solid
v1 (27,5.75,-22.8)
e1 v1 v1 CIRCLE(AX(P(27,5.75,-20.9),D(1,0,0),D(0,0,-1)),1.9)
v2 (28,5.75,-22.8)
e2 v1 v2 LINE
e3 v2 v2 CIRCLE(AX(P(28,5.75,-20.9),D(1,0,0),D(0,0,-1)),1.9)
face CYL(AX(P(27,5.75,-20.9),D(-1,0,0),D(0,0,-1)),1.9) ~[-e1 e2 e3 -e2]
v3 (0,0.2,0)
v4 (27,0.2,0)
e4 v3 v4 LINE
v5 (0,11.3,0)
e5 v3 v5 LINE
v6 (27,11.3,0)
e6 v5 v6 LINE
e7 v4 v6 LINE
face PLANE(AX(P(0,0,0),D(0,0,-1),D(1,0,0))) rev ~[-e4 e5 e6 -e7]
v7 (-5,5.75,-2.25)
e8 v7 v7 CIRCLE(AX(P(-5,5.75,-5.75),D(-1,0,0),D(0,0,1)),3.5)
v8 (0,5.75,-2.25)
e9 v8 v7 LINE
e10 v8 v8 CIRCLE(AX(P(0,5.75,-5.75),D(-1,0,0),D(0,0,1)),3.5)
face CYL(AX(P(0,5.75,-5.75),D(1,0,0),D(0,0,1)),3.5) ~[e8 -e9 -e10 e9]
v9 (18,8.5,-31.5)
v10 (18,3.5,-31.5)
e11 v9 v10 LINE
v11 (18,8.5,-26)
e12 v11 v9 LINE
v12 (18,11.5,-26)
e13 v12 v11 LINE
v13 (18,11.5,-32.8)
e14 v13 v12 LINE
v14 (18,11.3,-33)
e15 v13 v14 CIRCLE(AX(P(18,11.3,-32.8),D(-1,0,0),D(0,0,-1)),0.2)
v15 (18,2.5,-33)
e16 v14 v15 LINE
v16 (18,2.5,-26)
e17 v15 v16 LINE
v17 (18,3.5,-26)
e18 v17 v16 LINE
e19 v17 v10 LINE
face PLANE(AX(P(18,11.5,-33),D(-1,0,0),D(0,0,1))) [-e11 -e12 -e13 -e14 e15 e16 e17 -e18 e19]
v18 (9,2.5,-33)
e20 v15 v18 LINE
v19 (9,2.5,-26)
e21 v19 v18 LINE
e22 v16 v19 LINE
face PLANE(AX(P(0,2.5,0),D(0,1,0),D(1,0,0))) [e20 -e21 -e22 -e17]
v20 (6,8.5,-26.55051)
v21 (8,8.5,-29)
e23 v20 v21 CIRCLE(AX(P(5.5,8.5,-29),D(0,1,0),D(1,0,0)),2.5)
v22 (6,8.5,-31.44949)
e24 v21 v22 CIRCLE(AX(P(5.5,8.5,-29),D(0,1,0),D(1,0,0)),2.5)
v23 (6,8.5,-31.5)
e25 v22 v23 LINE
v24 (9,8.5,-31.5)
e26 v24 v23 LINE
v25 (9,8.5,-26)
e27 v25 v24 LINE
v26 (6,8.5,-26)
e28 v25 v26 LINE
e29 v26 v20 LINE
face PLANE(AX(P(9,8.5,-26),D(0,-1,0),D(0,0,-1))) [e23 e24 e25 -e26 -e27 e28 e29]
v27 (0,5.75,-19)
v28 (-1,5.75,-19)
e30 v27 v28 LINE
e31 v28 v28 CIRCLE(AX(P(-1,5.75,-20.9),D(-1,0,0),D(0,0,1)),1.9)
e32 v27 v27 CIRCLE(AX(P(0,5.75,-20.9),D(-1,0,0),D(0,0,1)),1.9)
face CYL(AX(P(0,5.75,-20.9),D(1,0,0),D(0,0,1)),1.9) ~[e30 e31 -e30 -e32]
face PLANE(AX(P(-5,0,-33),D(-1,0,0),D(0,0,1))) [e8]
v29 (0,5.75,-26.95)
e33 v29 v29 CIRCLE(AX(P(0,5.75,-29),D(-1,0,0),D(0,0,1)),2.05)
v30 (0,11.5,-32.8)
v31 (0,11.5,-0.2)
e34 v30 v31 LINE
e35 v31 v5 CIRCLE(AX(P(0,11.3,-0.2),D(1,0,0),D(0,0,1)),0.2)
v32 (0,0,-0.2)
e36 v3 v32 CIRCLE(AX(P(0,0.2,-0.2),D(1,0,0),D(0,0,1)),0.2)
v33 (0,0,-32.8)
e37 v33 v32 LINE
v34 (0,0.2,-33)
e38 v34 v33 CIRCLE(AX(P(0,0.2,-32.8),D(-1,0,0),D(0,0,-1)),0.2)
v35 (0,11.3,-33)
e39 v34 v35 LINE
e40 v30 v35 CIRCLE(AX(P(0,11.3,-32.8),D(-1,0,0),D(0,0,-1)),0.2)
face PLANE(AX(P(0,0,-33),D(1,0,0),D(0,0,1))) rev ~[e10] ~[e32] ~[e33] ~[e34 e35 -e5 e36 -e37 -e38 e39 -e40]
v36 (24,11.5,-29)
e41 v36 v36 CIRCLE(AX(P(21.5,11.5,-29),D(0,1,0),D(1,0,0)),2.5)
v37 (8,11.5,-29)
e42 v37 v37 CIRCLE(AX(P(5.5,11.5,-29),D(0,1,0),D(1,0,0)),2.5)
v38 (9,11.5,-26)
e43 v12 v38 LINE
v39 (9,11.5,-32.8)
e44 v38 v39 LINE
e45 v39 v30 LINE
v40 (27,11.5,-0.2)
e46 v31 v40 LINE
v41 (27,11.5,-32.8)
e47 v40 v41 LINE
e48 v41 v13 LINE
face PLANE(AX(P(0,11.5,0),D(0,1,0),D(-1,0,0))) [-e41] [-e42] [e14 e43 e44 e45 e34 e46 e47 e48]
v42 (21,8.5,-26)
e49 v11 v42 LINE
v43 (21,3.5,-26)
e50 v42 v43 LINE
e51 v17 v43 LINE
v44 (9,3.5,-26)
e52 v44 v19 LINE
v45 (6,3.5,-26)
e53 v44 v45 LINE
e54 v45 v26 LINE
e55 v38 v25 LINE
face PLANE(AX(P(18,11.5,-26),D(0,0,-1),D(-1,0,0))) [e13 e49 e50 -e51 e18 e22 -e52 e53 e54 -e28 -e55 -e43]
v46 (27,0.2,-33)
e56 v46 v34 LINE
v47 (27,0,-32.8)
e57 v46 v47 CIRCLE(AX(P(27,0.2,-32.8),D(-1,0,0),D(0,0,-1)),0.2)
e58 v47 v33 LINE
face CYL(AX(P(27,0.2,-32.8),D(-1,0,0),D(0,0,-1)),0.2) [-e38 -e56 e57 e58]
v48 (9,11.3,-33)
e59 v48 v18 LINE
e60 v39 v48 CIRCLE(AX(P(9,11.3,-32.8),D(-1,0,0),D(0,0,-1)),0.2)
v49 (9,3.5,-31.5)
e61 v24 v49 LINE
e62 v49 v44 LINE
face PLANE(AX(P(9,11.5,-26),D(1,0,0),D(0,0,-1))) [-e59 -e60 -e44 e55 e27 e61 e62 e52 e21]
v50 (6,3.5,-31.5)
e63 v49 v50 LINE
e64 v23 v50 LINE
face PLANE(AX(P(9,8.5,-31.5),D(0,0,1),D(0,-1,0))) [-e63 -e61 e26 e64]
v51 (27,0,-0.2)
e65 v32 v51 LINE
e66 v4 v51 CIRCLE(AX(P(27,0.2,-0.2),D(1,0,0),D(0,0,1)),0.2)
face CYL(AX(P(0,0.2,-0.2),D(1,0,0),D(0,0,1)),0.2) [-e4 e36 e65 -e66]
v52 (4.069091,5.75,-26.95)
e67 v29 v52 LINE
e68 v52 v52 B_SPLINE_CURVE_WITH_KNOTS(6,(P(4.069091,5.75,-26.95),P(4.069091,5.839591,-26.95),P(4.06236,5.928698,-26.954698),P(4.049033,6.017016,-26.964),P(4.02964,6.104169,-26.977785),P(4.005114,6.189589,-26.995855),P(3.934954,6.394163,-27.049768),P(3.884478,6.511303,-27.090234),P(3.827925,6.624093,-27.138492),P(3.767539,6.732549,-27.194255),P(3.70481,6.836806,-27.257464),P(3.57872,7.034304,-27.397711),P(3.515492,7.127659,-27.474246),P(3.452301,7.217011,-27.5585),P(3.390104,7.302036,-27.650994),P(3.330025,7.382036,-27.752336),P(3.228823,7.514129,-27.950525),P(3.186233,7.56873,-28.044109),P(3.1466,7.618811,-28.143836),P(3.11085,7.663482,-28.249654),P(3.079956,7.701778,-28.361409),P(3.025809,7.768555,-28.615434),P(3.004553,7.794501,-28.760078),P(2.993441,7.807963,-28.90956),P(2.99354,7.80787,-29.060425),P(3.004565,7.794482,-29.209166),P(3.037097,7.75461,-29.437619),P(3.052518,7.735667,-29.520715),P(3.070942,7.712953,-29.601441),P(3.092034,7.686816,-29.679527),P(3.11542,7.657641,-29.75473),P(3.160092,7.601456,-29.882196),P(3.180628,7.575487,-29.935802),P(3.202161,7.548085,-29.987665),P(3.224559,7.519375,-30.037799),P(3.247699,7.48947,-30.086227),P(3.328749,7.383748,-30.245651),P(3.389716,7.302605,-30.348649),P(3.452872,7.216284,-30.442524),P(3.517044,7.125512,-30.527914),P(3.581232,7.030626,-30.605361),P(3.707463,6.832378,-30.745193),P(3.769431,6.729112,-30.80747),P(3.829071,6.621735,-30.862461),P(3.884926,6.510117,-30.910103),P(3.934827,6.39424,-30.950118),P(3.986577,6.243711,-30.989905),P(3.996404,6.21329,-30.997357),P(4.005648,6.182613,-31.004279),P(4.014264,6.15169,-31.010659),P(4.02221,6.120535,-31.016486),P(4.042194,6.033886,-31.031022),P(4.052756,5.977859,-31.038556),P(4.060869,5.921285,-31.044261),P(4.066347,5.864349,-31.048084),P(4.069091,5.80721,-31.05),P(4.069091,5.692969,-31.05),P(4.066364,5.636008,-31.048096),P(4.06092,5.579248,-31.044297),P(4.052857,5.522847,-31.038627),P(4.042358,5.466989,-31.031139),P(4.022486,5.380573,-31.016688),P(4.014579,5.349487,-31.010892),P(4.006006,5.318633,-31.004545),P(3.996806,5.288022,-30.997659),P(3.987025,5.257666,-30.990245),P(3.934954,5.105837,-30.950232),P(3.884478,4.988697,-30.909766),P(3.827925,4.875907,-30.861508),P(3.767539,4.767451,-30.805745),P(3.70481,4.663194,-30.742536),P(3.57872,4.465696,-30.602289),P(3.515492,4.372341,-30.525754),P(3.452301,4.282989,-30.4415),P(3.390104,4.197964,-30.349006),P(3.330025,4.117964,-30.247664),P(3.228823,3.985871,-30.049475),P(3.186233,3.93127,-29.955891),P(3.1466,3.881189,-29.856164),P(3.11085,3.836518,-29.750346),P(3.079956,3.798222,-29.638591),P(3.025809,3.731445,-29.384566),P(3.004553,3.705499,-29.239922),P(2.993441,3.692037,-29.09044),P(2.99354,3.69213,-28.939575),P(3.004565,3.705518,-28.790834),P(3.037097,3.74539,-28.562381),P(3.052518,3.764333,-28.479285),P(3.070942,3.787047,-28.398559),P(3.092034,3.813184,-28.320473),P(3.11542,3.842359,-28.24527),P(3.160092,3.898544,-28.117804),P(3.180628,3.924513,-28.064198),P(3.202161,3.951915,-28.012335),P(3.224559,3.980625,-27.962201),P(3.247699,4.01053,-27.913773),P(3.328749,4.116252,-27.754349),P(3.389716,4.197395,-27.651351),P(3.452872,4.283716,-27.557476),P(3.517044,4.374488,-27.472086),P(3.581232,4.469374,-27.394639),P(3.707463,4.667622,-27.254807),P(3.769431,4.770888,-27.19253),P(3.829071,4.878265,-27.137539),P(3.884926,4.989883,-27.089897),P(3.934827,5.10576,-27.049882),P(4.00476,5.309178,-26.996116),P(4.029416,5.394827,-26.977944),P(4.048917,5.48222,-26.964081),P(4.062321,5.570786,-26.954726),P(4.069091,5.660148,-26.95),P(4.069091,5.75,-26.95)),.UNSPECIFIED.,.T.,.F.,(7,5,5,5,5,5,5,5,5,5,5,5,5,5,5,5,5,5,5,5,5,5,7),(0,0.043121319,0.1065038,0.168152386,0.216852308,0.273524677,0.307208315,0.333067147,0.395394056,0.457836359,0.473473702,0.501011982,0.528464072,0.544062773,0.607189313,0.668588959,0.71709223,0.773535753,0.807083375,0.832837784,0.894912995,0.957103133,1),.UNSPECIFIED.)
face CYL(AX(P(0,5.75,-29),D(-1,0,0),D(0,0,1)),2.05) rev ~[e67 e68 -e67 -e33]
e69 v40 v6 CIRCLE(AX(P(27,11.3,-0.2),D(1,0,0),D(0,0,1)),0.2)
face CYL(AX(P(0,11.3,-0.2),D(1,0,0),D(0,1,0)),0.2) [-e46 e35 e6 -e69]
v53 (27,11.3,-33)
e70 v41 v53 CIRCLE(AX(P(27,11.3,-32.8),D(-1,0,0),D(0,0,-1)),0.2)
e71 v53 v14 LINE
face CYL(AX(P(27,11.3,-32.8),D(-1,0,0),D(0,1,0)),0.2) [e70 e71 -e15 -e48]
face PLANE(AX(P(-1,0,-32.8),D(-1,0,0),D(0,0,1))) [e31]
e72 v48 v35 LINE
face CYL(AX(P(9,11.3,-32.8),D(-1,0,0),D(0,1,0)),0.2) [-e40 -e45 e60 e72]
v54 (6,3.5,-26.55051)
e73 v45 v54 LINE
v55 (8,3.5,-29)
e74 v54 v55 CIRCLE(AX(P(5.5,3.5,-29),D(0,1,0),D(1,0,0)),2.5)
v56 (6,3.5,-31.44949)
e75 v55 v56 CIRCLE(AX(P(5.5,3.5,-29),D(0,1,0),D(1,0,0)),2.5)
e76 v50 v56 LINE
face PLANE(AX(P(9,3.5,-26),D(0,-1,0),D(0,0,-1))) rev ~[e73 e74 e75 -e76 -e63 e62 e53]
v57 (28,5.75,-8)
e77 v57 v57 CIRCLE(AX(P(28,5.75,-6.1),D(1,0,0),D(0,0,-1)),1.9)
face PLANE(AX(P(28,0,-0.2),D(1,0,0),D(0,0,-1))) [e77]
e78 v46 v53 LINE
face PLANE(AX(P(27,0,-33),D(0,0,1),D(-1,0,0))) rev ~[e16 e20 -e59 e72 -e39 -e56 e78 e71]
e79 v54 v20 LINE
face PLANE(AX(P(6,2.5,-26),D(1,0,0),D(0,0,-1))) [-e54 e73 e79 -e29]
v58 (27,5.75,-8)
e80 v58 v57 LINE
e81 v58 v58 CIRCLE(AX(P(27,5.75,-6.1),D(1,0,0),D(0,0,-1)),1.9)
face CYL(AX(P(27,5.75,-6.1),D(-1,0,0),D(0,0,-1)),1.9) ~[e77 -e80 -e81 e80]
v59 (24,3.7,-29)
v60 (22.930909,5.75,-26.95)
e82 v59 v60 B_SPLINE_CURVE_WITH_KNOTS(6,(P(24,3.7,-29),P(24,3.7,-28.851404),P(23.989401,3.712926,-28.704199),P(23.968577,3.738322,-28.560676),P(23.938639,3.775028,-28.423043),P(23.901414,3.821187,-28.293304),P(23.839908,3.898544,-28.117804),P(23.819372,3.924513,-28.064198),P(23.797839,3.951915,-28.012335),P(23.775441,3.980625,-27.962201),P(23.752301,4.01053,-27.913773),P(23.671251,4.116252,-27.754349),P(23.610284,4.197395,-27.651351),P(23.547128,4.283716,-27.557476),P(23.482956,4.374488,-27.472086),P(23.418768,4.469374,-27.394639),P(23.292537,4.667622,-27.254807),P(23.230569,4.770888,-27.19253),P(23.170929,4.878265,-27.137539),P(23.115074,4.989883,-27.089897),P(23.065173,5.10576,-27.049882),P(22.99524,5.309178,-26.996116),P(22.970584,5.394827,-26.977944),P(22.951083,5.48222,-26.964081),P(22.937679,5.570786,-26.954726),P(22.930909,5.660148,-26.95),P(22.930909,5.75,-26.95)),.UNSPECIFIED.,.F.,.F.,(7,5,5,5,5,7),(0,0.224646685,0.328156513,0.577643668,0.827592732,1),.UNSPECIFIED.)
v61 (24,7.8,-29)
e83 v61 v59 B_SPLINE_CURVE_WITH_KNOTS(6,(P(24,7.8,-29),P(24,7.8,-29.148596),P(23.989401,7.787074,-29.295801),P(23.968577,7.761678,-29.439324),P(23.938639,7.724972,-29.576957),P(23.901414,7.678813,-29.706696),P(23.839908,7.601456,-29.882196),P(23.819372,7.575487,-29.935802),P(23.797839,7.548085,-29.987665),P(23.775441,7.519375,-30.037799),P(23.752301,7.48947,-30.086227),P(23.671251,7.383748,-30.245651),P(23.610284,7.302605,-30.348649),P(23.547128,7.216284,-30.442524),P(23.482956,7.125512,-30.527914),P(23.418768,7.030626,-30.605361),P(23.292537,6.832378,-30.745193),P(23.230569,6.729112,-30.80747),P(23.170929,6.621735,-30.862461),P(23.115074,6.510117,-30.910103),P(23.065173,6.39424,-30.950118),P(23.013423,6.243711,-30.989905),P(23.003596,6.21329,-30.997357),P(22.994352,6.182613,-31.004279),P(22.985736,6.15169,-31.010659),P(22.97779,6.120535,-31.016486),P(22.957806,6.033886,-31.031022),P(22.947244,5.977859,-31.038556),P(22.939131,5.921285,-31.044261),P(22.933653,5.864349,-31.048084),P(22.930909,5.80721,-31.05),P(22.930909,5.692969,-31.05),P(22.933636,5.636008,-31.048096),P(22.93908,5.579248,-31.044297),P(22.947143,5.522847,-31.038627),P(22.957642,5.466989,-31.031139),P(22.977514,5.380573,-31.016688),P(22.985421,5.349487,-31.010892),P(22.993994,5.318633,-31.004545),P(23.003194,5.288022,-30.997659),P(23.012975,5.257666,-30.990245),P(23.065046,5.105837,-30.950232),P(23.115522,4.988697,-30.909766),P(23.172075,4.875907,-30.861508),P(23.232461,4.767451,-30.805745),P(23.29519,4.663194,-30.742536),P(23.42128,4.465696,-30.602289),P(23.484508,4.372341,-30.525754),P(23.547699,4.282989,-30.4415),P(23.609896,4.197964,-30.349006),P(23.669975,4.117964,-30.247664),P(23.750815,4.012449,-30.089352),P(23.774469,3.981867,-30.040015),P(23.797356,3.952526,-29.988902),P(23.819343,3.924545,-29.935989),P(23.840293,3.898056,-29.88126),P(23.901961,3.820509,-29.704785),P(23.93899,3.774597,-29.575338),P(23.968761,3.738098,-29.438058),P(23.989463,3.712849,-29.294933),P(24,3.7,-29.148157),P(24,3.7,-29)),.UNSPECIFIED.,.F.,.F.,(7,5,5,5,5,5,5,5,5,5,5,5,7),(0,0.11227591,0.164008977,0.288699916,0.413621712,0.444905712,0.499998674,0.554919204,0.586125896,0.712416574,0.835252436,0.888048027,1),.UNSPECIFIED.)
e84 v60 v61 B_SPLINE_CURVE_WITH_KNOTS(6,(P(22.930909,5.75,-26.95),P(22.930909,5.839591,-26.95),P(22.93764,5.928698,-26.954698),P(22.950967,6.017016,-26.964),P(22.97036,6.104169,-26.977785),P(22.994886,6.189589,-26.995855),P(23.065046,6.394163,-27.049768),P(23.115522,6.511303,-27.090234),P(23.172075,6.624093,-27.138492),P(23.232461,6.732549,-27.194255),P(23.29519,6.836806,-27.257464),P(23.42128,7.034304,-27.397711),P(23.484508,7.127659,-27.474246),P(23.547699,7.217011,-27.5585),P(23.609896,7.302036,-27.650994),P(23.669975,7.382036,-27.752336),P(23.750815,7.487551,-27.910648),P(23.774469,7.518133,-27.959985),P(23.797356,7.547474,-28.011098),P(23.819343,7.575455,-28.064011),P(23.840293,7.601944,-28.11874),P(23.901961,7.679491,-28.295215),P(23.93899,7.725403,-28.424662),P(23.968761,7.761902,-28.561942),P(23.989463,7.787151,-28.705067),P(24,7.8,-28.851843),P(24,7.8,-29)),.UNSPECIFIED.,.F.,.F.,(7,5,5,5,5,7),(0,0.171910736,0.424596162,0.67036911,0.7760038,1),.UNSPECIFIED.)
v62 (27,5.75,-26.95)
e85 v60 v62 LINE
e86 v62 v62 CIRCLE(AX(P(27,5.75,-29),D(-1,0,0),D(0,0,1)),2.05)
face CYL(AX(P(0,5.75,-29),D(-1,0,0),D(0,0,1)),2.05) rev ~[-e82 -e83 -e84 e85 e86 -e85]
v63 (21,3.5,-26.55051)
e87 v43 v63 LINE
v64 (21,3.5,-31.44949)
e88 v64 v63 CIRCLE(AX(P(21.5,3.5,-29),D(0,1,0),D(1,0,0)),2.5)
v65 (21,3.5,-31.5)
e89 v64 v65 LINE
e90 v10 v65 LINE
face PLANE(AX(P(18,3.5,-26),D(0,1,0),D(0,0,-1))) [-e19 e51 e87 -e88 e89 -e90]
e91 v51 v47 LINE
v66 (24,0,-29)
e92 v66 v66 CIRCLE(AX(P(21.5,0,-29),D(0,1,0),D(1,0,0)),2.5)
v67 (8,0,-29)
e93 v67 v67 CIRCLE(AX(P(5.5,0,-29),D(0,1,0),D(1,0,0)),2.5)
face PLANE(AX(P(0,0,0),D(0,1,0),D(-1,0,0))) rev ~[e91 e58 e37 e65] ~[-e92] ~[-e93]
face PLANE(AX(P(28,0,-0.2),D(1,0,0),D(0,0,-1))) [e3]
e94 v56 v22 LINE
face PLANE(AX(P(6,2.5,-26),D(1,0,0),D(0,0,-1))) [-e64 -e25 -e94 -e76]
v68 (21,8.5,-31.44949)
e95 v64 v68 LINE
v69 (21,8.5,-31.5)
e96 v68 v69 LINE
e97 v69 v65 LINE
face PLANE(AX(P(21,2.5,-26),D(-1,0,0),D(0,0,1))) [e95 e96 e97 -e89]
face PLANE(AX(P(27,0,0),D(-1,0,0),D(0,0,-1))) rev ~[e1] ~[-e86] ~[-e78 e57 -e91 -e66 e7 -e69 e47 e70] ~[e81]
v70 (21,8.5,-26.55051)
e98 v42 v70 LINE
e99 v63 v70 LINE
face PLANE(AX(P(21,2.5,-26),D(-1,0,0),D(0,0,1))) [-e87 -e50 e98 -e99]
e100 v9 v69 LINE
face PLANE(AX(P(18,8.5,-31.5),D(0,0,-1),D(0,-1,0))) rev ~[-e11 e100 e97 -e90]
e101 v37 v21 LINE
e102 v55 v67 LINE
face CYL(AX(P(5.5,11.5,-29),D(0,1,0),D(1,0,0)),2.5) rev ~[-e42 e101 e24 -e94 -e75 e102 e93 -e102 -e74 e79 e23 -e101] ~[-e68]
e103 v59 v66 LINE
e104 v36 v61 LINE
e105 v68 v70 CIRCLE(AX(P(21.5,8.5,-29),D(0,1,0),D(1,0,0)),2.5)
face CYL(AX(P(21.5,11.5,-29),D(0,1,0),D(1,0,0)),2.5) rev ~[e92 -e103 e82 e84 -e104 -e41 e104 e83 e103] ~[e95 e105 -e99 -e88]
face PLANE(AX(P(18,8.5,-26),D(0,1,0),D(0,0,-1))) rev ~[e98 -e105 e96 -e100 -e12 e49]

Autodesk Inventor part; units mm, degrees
ref_plane "YZ Plane" through (0, 0, 0) normal (1, 0, 0) x (0, 1, 0)
ref_plane "XZ Plane" through (0, 0, 0) normal (0, 1, 0) x (-1, 0, 0)
ref_plane "XY Plane" through (0, 0, 0) normal (0, 0, 1) x (1, 0, 0)
sketch "Sketch1" plane through (0, 0, 0) normal (0, 1, 0) x (-1, 0, 0)
  line L0 (0, 0) -> (-27, 0)
  line L1 (-27, 0) -> (-27, -33)
  line L2 (-27, -33) -> (0, -33)
  line L3 (0, -33) -> (0, 0)
  dimension "d0" = 33
  dimension "d1" = 27
extrude "Extrusion1" add sketch "Sketch1" along normal blind 11.5
sketch "Sketch2" plane through (0, 0, -33) normal (-1, 0, 0) x (0, 0, 1)
  circle A0 centre (27.25, 5.75) radius 3.5
  line L0 (0, 11.5) -> (33, 11.5) projected
  line L1 (33, 0) -> (33, 11.5) projected
  dimension "d4" = 7
  dimension "d5" = 5.75
  dimension "d6" = 5.75
extrude "Extrusion2" add sketch "Sketch2" along normal blind 5
sketch "Sketch3" plane through (0, 11.5, 0) normal (0, 1, 0) x (1, 0, 0)
  line L0 (27, 33) -> (0, 33) projected
  line L1 (9, 33) -> (18, 33)
  line L2 (18, 33) -> (18, 26)
  line L3 (18, 26) -> (9, 26)
  line L4 (9, 26) -> (9, 33)
  line L5 (27, 0) -> (27, 33) projected
  point P0 (0, 0)
  dimension "d9" = 9
  dimension "d10" = 9
  dimension "d11" = 7
extrude "Extrusion3" cut sketch "Sketch3" against normal blind 9
sketch "Sketch4" plane through (0, 11.5, 0) normal (0, 1, 0) x (1, 0, 0)
  circle A0 centre (5.5, 29) radius 2.5
  circle A1 centre (21.5, 29) radius 2.5
  line L0 (9, 33) -> (18, 33) construction
  line L1 (13.5, 33) -> (13.5, 0) construction
  line L2 (0, 0) -> (27, 0) construction
  line L3 (9, 33) -> (0, 33) construction
  dimension "d14" = 5
  dimension "d15" = 5
  dimension "d16" = 16
  dimension "d17" = 8
  dimension "d18" = 4
  dimension "d19" = 8
extrude "Extrusion4" cut sketch "Sketch4" against normal blind 15
sketch "Sketch5" plane through (0, 0, -33) normal (-1, 0, 0) x (0, 0, 1)
  circle A0 centre (4, 5.75) radius 2.05
  line L0 (0, 0) -> (0, 11.5) projected
  line L1 (33, 0) -> (33, 11.5) construction
  line L2 (33, 5.75) -> (0, 5.75) construction
  dimension "d22" = 4.1
  dimension "d23" = 4
  dimension "d24" = 0
extrude "Extrusion5" cut sketch "Sketch5" against normal blind 31.75
sketch "Sketch6" plane through (0, 0, 0) normal (0, -1, 0) x (1, 0, 0)
  point P0 (0, 0)
sketch "Sketch12" plane through (27, 0, -33) normal (1, 0, 0) x (0, 0, -1)
  line L0 (-33, 0) -> (0, 0) projected
  line L1 (-8.9949, 0) -> (-8.9949, 11.5163)
  point P0 (-32.75, 0)
sketch "Sketch13" plane through (0, 0, -33) normal (-1, 0, 0) x (0, 0, 1)
  line L0 (0, 0) -> (33, 0) projected
  line L1 (9, 0) -> (9, 11.5008)
  point P0 (32.75, 0)
sketch "Sketch16" plane through (0, 11.5, 0) normal (0, 1, 0) x (1, 0, 0)
  line L0 (0, 33) -> (0, 0) projected
  line L1 (27, 0) -> (27, 33) projected
  line L2 (11, 24) -> (11, 0)
  line L3 (21, 0) -> (21, 24)
  line L4 (0, 24) -> (11, 24)
  line L5 (21, 24) -> (27, 24)
sketch "Sketch17" plane through (0, 0, 0) normal (0, 0, 1) x (1, 0, 0)
  line L0 (0, 11.5) -> (27, 11.5) projected
  line L1 (11, 11.5) -> (11, 0)
  line L2 (21, 0) -> (21, 11.5)
  point P0 (0, 0)
sketch "Sketch18" plane through (0, 0, 0) normal (0, -1, 0) x (1, 0, 0)
  line L0 (27, 0) -> (27, -33) projected
  line L1 (0, 0) -> (27, 0) projected
  line L2 (21, 0) -> (21, -24)
  line L3 (11, 0) -> (11, -24)
  line L4 (27, -24) -> (21, -24)
  line L5 (11, -24) -> (0, -24)
  line L6 (27, -24) -> (27, -33)
  line L7 (0, -33) -> (0, 0) projected
  line L8 (0, -24) -> (0, -33)
  line L9 (0, -33) -> (27, -33)
  line L10 (21, 0) -> (11, 0)
fillet "Fillet5" radius 0.2 1 edges at (13.5, 11.5, 0)
fillet "Fillet7" radius 0.2 4 edges at (4.5, 11.5, -33) (22.5, 11.5, -33) (13.5, 0, -33) (13.5, 0, 0)
sketch "Sketch20" plane through (9, 2.5, -26) normal (1, 0, 0) x (0, 0, -1)
  line L0 (0, 6) -> (7, 6)
  line L1 (7, 8.8) -> (7, 0) projected
  line L2 (0, 6) -> (7, 6) construction
  line L3 (0, 9) -> (6.8, 9) projected
  line L4 (5.2368, 1.5) -> (10, 1.5) construction
  line L5 (0, 1.5) -> (0, 6)
  line L6 (0, 9) -> (0, 0) projected
  line L7 (0, 0) -> (0, 1)
  line L8 (0, 1) -> (5.2368, 1)
  line L9 (7, 6) -> (5.5, 6)
  line L10 (5.5, 6) -> (5.5, 1)
  line L11 (5.5, 1) -> (5.2368, 1)
  point P0 (-26, -2.5)
  dimension "d41" = 0
  dimension "d43" = 1
  dimension "d44" = 1.5
extrude "Extrusion6" cut sketch "Sketch20" against normal blind 3
sketch "Sketch21" plane through (18, 2.5, -26) normal (-1, 0, 0) x (0, 0, 1)
  line L0 (-7, 0) -> (0, 0) projected
  line L1 (0, 0) -> (0, 1)
  line L2 (0, 9) -> (0, 0) projected
  line L3 (0, 1) -> (-5.5, 1)
  line L4 (0, 9) -> (0, 6)
  line L5 (0, 6) -> (-5.5, 6)
  line L6 (-5.5, 6) -> (-5.5, 1)
  point P0 (26, -2.5)
  dimension "d47" = 1
  dimension "d48" = 5.5
  dimension "d49" = 3
  dimension "d50" = 5.5
extrude "Extrusion7" cut sketch "Sketch21" against normal blind 3
sketch "Sketch22" plane through (0, 0, -32.8) normal (-1, 0, 0) x (0, 0, 1)
  point P0 (32.8, 0)
sketch "Sketch23" plane through (0, 0, -32.8) normal (-1, 0, 0) x (0, 0, 1)
  line L0 (32.8, 0.2) -> (32.8, 11.3) projected
  line L1 (32.8, 5.75) -> (56.8, 5.75) construction
  circle A0 centre (11.9, 5.75) radius 1.9
  point P0 (32.8, 0)
extrude "Extrusion8" add sketch "Sketch23" along normal blind 1
sketch "Sketch24" plane through (27, 0, -0.2) normal (1, 0, 0) x (0, 0, -1)
  line L0 (-0.2, 0.2) -> (-0.2, 11.3) projected
  circle A0 centre (20.7, 5.75) radius 1.9
  circle A1 centre (5.9, 5.75) radius 1.9
  point P0 (-0.2, 0)
extrude "Extrusion9" add sketch "Sketch24" along normal blind 1
properties part number "MS 1.5A Servo"
